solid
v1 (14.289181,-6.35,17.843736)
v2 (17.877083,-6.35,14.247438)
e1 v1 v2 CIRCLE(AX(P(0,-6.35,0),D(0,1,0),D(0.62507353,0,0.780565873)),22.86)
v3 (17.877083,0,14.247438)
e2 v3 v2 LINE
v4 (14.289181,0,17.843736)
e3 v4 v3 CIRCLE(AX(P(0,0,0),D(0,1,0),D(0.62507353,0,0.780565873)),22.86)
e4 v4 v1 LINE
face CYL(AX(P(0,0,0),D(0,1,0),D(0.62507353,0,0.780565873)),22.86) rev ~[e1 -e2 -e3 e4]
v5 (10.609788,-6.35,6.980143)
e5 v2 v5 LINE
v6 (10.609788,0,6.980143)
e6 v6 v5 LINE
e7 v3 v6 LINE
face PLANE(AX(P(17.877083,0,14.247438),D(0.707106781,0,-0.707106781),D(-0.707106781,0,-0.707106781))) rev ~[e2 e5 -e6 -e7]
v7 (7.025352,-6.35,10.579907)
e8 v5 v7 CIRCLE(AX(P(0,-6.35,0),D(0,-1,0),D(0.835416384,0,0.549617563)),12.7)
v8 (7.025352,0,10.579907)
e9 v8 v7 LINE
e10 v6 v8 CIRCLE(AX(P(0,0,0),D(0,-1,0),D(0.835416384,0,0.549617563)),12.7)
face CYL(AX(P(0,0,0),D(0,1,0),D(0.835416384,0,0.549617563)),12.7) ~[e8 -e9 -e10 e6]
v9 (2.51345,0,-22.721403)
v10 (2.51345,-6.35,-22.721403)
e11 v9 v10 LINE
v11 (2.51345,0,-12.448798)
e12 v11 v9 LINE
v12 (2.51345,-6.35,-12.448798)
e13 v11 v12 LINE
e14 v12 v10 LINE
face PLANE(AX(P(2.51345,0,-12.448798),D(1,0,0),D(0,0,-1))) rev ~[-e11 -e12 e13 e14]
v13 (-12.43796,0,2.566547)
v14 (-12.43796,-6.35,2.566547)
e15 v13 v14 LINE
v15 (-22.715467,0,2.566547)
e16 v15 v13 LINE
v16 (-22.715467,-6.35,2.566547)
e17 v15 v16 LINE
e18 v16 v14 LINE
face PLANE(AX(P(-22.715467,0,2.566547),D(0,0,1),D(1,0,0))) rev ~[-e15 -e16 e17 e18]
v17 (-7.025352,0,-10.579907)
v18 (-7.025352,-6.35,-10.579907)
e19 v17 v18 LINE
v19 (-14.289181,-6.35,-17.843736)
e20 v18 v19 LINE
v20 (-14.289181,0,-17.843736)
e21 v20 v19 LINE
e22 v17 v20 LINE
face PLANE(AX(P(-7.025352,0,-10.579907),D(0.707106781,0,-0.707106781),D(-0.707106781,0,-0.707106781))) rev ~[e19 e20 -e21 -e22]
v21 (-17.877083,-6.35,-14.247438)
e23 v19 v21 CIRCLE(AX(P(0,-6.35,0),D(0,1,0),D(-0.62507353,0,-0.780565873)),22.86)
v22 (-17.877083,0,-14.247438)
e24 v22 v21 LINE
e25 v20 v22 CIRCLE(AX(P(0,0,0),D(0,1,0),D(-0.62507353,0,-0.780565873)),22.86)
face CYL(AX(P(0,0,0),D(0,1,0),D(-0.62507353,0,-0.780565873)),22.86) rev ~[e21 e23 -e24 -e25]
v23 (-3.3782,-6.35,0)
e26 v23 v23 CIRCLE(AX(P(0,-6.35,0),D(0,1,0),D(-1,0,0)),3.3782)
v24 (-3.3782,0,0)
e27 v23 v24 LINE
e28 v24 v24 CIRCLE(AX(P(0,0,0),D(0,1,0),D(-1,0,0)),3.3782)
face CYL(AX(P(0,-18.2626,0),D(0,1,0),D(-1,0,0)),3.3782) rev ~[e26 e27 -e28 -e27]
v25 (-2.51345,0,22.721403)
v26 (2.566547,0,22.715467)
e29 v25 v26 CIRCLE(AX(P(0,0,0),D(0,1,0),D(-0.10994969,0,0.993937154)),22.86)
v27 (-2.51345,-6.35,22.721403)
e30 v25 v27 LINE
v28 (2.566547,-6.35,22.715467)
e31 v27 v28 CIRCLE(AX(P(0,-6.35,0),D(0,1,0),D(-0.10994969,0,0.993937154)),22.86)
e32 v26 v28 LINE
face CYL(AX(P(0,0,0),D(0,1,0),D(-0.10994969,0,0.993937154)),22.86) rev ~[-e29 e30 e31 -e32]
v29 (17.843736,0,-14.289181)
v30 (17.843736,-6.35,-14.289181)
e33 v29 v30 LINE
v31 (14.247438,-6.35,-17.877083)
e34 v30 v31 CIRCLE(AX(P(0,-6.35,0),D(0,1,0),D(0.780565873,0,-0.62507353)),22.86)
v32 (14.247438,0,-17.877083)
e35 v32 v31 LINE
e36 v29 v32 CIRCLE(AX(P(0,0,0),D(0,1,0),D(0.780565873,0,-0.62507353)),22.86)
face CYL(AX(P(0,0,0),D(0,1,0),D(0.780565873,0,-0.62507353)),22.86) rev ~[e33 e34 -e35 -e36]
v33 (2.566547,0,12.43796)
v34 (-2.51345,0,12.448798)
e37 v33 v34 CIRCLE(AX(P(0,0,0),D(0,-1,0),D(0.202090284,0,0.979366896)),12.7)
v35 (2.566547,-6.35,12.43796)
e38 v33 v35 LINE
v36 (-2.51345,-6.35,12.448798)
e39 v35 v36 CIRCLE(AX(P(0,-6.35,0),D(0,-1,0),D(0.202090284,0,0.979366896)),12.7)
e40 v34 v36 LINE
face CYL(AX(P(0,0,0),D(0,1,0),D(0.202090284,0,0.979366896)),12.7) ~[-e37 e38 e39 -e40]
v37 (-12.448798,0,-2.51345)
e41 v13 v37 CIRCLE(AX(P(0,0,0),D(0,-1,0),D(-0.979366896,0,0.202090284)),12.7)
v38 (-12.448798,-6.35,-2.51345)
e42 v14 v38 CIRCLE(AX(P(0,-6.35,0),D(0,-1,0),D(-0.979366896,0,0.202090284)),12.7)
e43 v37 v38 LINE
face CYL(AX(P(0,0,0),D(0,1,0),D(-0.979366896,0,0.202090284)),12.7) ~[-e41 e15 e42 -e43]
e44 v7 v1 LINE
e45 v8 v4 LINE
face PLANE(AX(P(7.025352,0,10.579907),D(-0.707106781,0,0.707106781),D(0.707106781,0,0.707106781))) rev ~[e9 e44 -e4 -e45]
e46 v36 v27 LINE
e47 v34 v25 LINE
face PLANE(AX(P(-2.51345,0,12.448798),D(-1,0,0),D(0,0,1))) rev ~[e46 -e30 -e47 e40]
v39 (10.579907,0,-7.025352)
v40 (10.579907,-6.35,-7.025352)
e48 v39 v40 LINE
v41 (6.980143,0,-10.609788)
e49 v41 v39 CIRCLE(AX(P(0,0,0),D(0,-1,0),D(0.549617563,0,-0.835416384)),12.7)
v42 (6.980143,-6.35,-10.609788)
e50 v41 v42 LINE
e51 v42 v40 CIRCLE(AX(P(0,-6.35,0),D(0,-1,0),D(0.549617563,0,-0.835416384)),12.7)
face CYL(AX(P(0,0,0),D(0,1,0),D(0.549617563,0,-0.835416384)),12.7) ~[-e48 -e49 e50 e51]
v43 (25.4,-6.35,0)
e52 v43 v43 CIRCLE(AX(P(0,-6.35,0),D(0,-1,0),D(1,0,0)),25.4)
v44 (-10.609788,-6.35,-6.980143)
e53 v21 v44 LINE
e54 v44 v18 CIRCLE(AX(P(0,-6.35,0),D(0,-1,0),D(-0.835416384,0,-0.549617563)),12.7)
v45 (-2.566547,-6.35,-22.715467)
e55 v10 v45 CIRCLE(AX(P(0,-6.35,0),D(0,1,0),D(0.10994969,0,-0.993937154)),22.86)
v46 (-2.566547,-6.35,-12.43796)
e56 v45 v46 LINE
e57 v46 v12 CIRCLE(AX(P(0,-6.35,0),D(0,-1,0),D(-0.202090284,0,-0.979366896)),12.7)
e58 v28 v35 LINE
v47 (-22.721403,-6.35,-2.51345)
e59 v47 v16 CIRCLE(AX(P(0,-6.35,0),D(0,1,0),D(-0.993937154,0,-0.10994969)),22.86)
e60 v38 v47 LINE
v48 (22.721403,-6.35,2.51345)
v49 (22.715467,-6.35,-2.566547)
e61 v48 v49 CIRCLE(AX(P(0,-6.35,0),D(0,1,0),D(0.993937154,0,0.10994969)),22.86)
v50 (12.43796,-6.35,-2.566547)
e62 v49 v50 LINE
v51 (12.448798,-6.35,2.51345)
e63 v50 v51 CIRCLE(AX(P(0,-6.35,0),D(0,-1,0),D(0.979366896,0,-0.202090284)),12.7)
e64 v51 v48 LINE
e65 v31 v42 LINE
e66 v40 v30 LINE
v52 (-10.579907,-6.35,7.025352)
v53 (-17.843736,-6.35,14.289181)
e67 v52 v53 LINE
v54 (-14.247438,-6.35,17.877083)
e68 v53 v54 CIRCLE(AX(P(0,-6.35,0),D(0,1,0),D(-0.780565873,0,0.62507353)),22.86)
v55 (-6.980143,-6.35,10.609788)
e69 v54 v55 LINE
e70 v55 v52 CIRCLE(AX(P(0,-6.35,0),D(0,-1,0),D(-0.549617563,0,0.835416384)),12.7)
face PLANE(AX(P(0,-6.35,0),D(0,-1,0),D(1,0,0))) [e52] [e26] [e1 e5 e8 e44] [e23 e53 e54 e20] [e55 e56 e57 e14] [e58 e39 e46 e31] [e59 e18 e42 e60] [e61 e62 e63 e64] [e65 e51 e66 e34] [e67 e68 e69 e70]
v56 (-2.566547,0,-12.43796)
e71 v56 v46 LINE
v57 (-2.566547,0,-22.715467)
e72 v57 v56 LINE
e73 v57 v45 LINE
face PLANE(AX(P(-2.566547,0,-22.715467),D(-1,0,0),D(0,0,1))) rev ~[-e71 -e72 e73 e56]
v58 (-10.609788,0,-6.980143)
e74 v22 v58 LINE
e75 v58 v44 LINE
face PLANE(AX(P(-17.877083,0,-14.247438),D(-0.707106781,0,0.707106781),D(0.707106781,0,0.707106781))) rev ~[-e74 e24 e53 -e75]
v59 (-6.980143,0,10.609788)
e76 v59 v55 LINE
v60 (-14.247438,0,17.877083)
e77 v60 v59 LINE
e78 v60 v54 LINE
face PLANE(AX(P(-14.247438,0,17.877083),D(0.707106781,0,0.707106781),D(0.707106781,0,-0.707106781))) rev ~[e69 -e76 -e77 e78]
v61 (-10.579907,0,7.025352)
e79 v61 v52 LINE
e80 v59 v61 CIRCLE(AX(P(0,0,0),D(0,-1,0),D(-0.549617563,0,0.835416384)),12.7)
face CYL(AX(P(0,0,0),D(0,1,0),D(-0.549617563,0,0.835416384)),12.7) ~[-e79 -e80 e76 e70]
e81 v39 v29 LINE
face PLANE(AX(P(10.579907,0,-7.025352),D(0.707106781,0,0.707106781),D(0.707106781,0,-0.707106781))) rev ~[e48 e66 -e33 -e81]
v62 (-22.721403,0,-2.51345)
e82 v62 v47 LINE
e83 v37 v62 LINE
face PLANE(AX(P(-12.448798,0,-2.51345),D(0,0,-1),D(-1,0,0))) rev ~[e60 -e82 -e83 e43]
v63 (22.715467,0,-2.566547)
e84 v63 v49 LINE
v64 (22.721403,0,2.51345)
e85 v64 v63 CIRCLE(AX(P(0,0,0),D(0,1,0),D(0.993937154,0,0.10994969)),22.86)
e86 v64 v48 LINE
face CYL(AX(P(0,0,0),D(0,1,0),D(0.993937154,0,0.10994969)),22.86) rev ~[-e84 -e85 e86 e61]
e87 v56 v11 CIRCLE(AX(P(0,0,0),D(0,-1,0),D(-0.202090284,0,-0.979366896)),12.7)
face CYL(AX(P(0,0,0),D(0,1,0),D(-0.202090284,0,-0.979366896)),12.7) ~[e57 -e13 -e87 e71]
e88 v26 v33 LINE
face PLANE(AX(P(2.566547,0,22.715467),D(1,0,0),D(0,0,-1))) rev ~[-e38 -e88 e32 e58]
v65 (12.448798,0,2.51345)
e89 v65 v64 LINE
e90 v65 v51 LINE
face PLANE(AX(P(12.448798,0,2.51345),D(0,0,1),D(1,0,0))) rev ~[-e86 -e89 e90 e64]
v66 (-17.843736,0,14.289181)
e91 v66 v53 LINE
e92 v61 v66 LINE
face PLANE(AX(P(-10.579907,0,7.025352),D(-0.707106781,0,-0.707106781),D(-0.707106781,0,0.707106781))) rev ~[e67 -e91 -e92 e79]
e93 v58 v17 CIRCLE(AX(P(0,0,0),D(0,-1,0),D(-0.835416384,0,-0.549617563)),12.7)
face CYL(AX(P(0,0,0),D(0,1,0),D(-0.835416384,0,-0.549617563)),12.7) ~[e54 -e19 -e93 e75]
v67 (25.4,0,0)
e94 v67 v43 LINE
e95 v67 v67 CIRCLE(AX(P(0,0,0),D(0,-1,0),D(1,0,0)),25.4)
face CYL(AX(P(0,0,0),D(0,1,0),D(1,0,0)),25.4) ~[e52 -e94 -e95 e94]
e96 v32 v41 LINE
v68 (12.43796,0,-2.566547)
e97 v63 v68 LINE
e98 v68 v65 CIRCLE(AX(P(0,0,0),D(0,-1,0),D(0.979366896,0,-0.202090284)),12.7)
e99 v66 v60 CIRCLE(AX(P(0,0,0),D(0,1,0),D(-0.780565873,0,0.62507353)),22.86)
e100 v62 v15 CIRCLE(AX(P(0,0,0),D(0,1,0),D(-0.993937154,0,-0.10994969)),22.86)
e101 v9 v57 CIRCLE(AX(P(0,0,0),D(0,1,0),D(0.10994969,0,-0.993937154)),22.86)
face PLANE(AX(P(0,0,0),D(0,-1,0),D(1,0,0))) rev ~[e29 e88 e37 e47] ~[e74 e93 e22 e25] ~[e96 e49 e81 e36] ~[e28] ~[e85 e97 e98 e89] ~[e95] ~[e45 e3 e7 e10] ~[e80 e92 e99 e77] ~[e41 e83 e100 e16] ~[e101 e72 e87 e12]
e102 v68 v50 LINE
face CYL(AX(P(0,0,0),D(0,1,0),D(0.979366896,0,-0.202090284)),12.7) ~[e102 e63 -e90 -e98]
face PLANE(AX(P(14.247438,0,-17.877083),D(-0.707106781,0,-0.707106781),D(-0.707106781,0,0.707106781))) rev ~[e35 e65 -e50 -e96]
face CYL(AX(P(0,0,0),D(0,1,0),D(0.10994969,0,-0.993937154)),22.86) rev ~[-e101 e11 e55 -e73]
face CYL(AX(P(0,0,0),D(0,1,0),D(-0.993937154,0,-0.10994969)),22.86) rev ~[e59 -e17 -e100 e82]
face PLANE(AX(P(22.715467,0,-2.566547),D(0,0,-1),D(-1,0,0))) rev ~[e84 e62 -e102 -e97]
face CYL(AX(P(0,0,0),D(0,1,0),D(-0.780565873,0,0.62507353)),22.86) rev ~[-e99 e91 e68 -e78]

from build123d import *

# Parameters (mm, degrees)
F0_R     = 25.4
F1_DEPTH = 6.35
F3_D     = 6.7564
F3_DEPTH = 11.9126
F3_TIP   = 2.0298273432


with BuildPart() as f1:
    # F0 (on Front) → F1 (new body)
    with BuildSketch(Plane.XZ):
        Circle(F0_R)
        with BuildLine():
            ThreePointArc((2.5134499214, -22.7214033346), (-0.0267137561, -22.8599843914), (-2.56654661, -22.7154669443))
            Line((-2.56654661, -22.7154669443), (-2.56654661, -12.4379595794))
            ThreePointArc((-2.56654661, -12.4379595794), (-0.0270957922, -12.6999710952), (2.5134499214, -12.4487979135))
            Line((2.5134499214, -12.4487979135), (2.5134499214, -22.7214033346))
        make_face(mode=Mode.SUBTRACT)
        with BuildLine():
            ThreePointArc((-14.2891808923, -17.8437358596), (-16.1833394591, -16.1455605029), (-17.8770832263, -14.247438202))
            Line((-17.8770832263, -14.247438202), (-10.6097880749, -6.9801430506))
            ThreePointArc((-10.6097880749, -6.9801430506), (-8.9993953007, -8.9610760639), (-7.0253519387, -10.5799069059))
            Line((-7.0253519387, -10.5799069059), (-14.2891808923, -17.8437358596))
        make_face(mode=Mode.SUBTRACT)
        with BuildLine():
            ThreePointArc((17.8437358596, -14.2891808923), (16.1455605029, -16.1833394591), (14.247438202, -17.8770832263))
            Line((14.247438202, -17.8770832263), (6.9801430506, -10.6097880749))
            ThreePointArc((6.9801430506, -10.6097880749), (8.9610760639, -8.9993953007), (10.5799069059, -7.0253519387))
            Line((10.5799069059, -7.0253519387), (17.8437358596, -14.2891808923))
        make_face(mode=Mode.SUBTRACT)
        with BuildLine():
            ThreePointArc((22.7214033346, 2.5134499214), (22.8599843914, -0.0267137561), (22.7154669443, -2.56654661))
            Line((22.7154669443, -2.56654661), (12.4379595794, -2.56654661))
            ThreePointArc((12.4379595794, -2.56654661), (12.6999710952, -0.0270957922), (12.4487979135, 2.5134499214))
            Line((12.4487979135, 2.5134499214), (22.7214033346, 2.5134499214))
        make_face(mode=Mode.SUBTRACT)
        with BuildLine():
            ThreePointArc((-22.7214033346, -2.5134499214), (-22.8599843914, 0.0267137561), (-22.7154669443, 2.56654661))
            Line((-22.7154669443, 2.56654661), (-12.4379595794, 2.56654661))
            ThreePointArc((-12.4379595794, 2.56654661), (-12.6999710952, 0.0270957922), (-12.4487979135, -2.5134499214))
            Line((-12.4487979135, -2.5134499214), (-22.7214033346, -2.5134499214))
        make_face(mode=Mode.SUBTRACT)
        with BuildLine():
            ThreePointArc((-17.8437358596, 14.2891808923), (-16.1455605029, 16.1833394591), (-14.247438202, 17.8770832263))
            Line((-14.247438202, 17.8770832263), (-6.9801430506, 10.6097880749))
            ThreePointArc((-6.9801430506, 10.6097880749), (-8.9610760639, 8.9993953007), (-10.5799069059, 7.0253519387))
            Line((-10.5799069059, 7.0253519387), (-17.8437358596, 14.2891808923))
        make_face(mode=Mode.SUBTRACT)
        with BuildLine():
            ThreePointArc((14.2891808923, 17.8437358596), (16.1833394591, 16.1455605029), (17.8770832263, 14.247438202))
            Line((17.8770832263, 14.247438202), (10.6097880749, 6.9801430506))
            ThreePointArc((10.6097880749, 6.9801430506), (8.9993953007, 8.9610760639), (7.0253519387, 10.5799069059))
            Line((7.0253519387, 10.5799069059), (14.2891808923, 17.8437358596))
        make_face(mode=Mode.SUBTRACT)
        with BuildLine():
            Line((-2.5134499214, 12.4487979135), (-2.5134499214, 22.7214033346))
            ThreePointArc((-2.5134499214, 22.7214033346), (0.0267137561, 22.8599843914), (2.56654661, 22.7154669443))
            Line((2.56654661, 22.7154669443), (2.56654661, 12.4379595794))
            ThreePointArc((2.56654661, 12.4379595794), (0.0270957922, 12.6999710952), (-2.5134499214, 12.4487979135))
        make_face(mode=Mode.SUBTRACT)
    extrude(amount=F1_DEPTH)

    # F3
    with Locations(Plane.XZ.offset(6.35)):
        with Locations((0, 0)):
            Hole(F3_D / 2, depth=F3_DEPTH)
            with Locations((0, 0, -(F3_DEPTH + F3_TIP / 2))):  # 118° drill point
                Cone(0, F3_D / 2, F3_TIP, mode=Mode.SUBTRACT)


solid = f1.part
